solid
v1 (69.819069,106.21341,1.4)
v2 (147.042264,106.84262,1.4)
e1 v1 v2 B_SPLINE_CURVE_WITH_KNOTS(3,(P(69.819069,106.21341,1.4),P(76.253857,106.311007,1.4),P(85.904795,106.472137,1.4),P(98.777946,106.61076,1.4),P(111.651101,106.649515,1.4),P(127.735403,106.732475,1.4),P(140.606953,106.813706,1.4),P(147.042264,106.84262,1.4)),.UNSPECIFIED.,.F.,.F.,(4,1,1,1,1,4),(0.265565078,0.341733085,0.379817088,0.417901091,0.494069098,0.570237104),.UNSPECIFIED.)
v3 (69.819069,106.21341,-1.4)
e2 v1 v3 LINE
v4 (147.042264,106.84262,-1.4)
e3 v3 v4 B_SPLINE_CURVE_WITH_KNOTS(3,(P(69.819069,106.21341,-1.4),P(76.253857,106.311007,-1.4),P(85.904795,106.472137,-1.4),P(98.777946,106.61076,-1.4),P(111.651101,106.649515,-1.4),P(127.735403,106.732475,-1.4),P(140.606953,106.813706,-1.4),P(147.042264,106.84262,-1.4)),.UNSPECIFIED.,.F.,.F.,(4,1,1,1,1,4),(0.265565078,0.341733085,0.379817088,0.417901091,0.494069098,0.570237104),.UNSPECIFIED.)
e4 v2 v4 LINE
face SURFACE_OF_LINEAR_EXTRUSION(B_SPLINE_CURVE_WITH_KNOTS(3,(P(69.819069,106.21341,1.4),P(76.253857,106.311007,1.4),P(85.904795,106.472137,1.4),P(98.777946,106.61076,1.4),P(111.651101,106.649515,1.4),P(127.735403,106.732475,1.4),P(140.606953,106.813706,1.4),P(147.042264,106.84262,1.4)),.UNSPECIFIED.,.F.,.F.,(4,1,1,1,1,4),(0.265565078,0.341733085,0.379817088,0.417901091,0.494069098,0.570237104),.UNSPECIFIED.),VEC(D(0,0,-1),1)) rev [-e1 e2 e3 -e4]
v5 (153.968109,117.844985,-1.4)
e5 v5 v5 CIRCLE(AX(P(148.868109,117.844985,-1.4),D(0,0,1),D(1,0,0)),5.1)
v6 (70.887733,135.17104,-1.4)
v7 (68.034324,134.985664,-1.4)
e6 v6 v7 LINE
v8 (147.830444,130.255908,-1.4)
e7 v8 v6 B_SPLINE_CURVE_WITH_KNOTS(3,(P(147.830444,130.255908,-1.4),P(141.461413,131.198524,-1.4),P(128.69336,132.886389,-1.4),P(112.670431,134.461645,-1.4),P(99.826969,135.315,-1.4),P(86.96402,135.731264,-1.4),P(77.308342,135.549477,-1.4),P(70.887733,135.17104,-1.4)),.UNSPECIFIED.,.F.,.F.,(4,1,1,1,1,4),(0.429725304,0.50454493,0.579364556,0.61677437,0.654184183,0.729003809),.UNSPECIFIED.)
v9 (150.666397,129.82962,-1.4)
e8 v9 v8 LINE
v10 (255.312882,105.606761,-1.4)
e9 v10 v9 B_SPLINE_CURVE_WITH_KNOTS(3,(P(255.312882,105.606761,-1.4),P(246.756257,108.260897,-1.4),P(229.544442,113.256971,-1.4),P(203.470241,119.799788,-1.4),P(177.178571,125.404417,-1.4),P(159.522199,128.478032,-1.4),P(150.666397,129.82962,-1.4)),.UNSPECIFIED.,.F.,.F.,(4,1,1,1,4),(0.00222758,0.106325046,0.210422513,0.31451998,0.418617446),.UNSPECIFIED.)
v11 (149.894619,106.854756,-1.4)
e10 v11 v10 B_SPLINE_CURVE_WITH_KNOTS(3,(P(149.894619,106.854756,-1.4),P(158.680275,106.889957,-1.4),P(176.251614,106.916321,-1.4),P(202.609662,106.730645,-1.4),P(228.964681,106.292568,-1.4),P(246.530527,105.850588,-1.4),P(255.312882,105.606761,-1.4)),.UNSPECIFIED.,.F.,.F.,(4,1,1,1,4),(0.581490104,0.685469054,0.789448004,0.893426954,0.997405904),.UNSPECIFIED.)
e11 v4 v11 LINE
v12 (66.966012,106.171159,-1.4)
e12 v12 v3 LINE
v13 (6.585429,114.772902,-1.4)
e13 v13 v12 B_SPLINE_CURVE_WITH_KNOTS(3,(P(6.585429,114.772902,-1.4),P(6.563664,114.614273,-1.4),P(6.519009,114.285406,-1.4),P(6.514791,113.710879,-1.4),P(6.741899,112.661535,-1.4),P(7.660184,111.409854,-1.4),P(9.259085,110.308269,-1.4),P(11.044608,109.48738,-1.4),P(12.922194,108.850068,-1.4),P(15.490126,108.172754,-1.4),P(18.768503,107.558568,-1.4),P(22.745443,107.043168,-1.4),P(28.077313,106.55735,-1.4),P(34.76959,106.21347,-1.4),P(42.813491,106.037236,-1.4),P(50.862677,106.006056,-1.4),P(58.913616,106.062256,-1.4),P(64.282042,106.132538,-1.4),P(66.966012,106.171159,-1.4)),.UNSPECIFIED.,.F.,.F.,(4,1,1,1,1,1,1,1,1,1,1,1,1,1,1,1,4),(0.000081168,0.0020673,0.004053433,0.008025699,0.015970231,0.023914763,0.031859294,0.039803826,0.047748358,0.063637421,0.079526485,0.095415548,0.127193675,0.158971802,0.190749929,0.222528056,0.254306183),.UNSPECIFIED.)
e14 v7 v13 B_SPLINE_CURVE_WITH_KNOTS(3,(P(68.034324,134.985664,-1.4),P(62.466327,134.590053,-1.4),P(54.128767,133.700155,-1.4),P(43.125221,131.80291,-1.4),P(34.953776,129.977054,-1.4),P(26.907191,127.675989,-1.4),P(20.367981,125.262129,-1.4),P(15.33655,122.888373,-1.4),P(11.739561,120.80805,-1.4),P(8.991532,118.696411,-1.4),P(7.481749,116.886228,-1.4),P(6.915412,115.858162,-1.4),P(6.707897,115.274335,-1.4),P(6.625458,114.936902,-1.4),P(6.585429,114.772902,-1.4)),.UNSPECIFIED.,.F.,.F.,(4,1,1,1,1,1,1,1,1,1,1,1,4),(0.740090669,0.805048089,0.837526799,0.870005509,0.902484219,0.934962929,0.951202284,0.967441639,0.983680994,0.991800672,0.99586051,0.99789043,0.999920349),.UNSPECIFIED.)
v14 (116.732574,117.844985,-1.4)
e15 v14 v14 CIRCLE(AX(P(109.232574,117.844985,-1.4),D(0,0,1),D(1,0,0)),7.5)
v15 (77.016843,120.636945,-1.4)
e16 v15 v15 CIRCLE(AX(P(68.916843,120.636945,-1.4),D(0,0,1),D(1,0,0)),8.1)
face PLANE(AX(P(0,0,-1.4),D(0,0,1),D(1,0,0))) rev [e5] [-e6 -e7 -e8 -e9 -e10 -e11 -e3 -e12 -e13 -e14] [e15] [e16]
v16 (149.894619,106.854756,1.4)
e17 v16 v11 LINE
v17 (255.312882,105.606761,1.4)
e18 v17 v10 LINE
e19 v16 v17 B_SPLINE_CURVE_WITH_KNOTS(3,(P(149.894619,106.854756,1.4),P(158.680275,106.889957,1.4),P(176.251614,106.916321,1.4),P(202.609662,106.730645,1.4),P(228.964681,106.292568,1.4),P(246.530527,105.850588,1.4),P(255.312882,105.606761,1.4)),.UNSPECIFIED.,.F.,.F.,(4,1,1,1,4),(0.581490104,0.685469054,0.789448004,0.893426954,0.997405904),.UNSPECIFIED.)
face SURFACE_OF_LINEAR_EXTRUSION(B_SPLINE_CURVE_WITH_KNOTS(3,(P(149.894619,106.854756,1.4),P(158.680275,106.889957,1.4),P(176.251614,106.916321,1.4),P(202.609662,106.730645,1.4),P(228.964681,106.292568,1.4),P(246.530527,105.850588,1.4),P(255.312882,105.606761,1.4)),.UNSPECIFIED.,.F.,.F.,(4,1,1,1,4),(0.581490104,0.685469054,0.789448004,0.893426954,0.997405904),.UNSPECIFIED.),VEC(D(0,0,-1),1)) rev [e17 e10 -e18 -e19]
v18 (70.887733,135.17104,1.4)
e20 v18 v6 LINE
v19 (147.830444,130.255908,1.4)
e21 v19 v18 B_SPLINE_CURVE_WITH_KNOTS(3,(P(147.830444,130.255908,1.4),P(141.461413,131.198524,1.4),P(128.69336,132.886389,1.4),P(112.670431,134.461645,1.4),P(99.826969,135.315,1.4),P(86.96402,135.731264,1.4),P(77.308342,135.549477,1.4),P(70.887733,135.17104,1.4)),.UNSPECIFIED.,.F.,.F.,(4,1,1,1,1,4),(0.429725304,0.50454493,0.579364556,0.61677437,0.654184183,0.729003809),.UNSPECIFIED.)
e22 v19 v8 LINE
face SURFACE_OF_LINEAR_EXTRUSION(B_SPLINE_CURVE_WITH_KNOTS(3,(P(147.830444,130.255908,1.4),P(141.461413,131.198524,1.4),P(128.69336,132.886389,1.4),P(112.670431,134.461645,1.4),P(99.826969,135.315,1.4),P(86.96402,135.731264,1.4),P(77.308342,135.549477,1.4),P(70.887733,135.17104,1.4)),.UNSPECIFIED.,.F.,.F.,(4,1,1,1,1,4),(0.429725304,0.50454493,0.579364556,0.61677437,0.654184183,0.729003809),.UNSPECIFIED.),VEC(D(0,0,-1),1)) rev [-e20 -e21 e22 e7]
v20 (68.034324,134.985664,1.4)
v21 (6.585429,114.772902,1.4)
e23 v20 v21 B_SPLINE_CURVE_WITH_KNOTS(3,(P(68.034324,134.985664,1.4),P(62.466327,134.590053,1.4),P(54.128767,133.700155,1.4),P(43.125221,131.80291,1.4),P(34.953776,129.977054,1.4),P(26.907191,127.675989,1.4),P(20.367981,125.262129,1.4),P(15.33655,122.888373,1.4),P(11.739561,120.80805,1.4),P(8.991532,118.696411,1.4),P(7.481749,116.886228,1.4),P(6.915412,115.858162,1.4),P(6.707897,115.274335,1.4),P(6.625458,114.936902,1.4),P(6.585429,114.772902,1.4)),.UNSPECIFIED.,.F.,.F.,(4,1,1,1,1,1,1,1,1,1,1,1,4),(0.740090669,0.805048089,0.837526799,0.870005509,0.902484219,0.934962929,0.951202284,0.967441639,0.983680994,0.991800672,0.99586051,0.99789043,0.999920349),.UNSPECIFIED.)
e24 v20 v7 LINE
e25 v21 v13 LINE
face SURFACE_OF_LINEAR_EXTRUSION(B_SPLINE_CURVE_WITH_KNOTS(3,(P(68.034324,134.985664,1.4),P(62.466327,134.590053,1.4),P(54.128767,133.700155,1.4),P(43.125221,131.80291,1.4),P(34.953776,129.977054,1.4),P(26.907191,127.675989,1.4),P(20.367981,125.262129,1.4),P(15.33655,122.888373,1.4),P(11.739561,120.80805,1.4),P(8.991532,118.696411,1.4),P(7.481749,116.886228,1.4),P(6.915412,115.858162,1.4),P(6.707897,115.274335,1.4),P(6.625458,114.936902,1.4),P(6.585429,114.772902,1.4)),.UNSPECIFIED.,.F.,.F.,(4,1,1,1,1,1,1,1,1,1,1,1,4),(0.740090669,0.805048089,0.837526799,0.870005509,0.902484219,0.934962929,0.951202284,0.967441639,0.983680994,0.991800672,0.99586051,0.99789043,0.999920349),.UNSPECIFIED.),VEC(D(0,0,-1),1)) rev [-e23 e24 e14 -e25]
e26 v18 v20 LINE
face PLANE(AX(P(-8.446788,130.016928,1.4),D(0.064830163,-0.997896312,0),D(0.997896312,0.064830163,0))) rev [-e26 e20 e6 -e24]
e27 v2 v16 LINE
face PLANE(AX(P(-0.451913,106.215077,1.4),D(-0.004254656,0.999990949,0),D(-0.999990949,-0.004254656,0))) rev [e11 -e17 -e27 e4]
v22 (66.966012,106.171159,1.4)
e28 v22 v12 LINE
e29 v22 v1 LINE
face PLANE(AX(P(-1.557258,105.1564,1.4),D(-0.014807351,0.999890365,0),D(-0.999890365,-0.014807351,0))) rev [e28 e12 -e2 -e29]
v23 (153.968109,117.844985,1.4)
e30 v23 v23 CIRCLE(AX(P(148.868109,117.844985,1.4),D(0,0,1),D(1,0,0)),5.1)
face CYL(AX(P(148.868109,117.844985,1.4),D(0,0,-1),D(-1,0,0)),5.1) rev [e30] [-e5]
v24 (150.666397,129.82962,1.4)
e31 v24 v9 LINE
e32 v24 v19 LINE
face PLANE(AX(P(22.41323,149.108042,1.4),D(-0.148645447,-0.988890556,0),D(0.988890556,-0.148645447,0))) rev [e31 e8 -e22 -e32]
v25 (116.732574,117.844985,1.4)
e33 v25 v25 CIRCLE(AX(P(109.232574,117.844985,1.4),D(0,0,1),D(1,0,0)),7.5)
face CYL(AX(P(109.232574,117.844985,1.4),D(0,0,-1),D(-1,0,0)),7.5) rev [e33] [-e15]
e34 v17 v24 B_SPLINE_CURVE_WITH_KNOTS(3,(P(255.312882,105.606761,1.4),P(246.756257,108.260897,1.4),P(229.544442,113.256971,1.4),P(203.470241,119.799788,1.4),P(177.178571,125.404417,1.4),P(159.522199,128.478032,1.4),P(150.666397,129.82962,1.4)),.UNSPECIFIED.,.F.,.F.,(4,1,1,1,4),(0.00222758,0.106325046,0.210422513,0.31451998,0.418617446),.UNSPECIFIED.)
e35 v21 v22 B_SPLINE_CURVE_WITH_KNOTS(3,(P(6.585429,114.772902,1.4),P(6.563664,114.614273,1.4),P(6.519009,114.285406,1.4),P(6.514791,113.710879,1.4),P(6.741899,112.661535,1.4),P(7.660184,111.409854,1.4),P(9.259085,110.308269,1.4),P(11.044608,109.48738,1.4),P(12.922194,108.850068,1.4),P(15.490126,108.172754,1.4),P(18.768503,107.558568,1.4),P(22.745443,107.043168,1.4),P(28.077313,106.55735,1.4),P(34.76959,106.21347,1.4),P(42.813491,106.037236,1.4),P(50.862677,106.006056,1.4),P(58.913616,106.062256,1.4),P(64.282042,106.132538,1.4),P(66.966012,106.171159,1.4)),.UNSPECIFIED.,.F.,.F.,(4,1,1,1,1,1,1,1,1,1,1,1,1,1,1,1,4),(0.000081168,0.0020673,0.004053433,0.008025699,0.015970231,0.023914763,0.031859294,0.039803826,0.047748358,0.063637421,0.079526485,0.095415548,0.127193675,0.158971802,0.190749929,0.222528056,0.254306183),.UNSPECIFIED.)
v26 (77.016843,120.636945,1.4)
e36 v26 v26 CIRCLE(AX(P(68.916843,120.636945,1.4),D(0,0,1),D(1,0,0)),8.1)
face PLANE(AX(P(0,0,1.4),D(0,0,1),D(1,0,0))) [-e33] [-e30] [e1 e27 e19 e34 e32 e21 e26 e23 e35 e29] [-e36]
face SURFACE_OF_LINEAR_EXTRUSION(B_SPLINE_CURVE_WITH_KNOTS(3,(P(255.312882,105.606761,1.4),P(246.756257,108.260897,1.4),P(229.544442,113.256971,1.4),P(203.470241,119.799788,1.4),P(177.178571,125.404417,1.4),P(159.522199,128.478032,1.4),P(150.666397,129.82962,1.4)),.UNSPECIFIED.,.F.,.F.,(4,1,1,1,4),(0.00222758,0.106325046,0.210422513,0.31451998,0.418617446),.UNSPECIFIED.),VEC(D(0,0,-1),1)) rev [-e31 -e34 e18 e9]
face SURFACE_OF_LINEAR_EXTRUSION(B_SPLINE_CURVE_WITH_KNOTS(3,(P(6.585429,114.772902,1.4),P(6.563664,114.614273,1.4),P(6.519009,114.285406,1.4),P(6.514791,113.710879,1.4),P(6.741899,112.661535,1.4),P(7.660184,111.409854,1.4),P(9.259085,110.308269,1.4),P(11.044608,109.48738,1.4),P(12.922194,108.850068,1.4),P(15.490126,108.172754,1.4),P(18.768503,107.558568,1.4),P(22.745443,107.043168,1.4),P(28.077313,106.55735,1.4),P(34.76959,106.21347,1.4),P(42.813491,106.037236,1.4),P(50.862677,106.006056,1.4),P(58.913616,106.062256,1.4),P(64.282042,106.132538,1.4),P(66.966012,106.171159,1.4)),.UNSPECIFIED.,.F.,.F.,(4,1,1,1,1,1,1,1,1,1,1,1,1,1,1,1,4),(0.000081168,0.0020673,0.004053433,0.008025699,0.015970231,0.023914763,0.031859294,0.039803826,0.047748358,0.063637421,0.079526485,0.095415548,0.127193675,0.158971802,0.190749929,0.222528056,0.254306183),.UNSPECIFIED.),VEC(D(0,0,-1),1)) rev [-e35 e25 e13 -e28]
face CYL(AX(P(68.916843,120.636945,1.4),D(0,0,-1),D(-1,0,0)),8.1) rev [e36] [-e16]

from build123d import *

# Parameters (mm, degrees)
SKETCH_1_R      = 5.1
SKETCH_1_R_2    = 7.5
SKETCH_1_R_3    = 8.1
EXTRUDE_1_DEPTH = 1.4


with BuildPart() as part:
    # Эскиз1 → Бобышка-Вытянуть1 (new, symmetric)
    with BuildSketch(Plane.XY):
        with BuildLine():
            Line((150.666396798, 129.82962039), (147.830444309, 130.255907631))
            add(Edge.make_bspline(
                [(147.830444309, 130.255907631), (141.461413304, 131.198524366), (128.693359955, 132.886388705), (112.67043132, 134.461645249), (99.826968741, 135.315000175), (86.964020356, 135.731264376), (77.308341909, 135.549477481), (70.887732655, 135.171040436)],
                knots=[0.429725304, 0.429725304, 0.429725304, 0.429725304, 0.50454493, 0.579364556, 0.61677437, 0.654184183, 0.729003809, 0.729003809, 0.729003809, 0.729003809], degree=3))
            Line((70.887732655, 135.171040436), (68.034324351, 134.985663537))
            add(Edge.make_bspline(
                [(68.034324351, 134.985663537), (62.466327292, 134.590052619), (54.128766773, 133.70015523), (43.125220573, 131.802909904), (34.953776148, 129.977054104), (26.907191476, 127.675989274), (20.367980904, 125.262128549), (15.336549935, 122.888373263), (11.739560791, 120.808049659), (8.991532459, 118.696410574), (7.481749343, 116.886227925), (6.915411804, 115.858161553), (6.707897041, 115.274334726), (6.625457542, 114.936901915), (6.585428501, 114.77290226)],
                knots=[0.740090669, 0.740090669, 0.740090669, 0.740090669, 0.805048089, 0.837526799, 0.870005509, 0.902484219, 0.934962929, 0.951202284, 0.967441639, 0.983680994, 0.991800672, 0.99586051, 0.99789043, 0.999920349, 0.999920349, 0.999920349, 0.999920349], degree=3))
            add(Edge.make_bspline(
                [(6.585428501, 114.77290226), (6.563664146, 114.614273348), (6.519009347, 114.285406452), (6.51479073, 113.71087901), (6.741898783, 112.661535219), (7.660184293, 111.409854013), (9.25908473, 110.308268876), (11.044608157, 109.487380203), (12.922194441, 108.850067694), (15.490126457, 108.172753601), (18.768502962, 107.558568007), (22.745443376, 107.043168294), (28.077313003, 106.557350362), (34.7695904, 106.213470375), (42.813490811, 106.037235573), (50.86267748, 106.006056339), (58.913615572, 106.062256394), (64.282042193, 106.132538161), (66.96601172, 106.171159397)],
                knots=[8.1168e-05, 8.1168e-05, 8.1168e-05, 8.1168e-05, 0.0020673, 0.004053433, 0.008025699, 0.015970231, 0.023914763, 0.031859294, 0.039803826, 0.047748358, 0.063637421, 0.079526485, 0.095415548, 0.127193675, 0.158971802, 0.190749929, 0.222528056, 0.254306183, 0.254306183, 0.254306183, 0.254306183], degree=3))
            Line((66.96601172, 106.171159397), (69.819069007, 106.21341025))
            add(Edge.make_bspline(
                [(69.819069007, 106.21341025), (76.253856733, 106.311006841), (85.904794849, 106.472137373), (98.777945674, 106.610759512), (111.6511009, 106.649514986), (127.735402572, 106.732475133), (140.606952957, 106.813706415), (147.042263767, 106.84262009)],
                knots=[0.265565078, 0.265565078, 0.265565078, 0.265565078, 0.341733085, 0.379817088, 0.417901091, 0.494069098, 0.570237104, 0.570237104, 0.570237104, 0.570237104], degree=3))
            Line((147.042263767, 106.84262009), (149.894619256, 106.85475599))
            add(Edge.make_bspline(
                [(149.894619256, 106.85475599), (158.680275083, 106.889957075), (176.251614136, 106.916321205), (202.609661936, 106.730645333), (228.96468106, 106.292568252), (246.530526637, 105.8505877), (255.312881654, 105.606761115)],
                knots=[0.581490104, 0.581490104, 0.581490104, 0.581490104, 0.685469054, 0.789448004, 0.893426954, 0.997405904, 0.997405904, 0.997405904, 0.997405904], degree=3))
            add(Edge.make_bspline(
                [(255.312881654, 105.606761115), (246.756257413, 108.260896884), (229.544442337, 113.256971155), (203.470240893, 119.79978809), (177.1785709, 125.404416996), (159.522198848, 128.478032218), (150.666396798, 129.82962039)],
                knots=[0.00222758, 0.00222758, 0.00222758, 0.00222758, 0.106325046, 0.210422513, 0.31451998, 0.418617446, 0.418617446, 0.418617446, 0.418617446], degree=3))
        make_face()
        with Locations((148.868108764, 117.844985284)):
            Circle(SKETCH_1_R, mode=Mode.SUBTRACT)
        with Locations((109.232573951, 117.844985284)):
            Circle(SKETCH_1_R_2, mode=Mode.SUBTRACT)
        with Locations((68.916842603, 120.636945021)):
            Circle(SKETCH_1_R_3, mode=Mode.SUBTRACT)
    extrude(amount=EXTRUDE_1_DEPTH, both=True)


solid = part.part
